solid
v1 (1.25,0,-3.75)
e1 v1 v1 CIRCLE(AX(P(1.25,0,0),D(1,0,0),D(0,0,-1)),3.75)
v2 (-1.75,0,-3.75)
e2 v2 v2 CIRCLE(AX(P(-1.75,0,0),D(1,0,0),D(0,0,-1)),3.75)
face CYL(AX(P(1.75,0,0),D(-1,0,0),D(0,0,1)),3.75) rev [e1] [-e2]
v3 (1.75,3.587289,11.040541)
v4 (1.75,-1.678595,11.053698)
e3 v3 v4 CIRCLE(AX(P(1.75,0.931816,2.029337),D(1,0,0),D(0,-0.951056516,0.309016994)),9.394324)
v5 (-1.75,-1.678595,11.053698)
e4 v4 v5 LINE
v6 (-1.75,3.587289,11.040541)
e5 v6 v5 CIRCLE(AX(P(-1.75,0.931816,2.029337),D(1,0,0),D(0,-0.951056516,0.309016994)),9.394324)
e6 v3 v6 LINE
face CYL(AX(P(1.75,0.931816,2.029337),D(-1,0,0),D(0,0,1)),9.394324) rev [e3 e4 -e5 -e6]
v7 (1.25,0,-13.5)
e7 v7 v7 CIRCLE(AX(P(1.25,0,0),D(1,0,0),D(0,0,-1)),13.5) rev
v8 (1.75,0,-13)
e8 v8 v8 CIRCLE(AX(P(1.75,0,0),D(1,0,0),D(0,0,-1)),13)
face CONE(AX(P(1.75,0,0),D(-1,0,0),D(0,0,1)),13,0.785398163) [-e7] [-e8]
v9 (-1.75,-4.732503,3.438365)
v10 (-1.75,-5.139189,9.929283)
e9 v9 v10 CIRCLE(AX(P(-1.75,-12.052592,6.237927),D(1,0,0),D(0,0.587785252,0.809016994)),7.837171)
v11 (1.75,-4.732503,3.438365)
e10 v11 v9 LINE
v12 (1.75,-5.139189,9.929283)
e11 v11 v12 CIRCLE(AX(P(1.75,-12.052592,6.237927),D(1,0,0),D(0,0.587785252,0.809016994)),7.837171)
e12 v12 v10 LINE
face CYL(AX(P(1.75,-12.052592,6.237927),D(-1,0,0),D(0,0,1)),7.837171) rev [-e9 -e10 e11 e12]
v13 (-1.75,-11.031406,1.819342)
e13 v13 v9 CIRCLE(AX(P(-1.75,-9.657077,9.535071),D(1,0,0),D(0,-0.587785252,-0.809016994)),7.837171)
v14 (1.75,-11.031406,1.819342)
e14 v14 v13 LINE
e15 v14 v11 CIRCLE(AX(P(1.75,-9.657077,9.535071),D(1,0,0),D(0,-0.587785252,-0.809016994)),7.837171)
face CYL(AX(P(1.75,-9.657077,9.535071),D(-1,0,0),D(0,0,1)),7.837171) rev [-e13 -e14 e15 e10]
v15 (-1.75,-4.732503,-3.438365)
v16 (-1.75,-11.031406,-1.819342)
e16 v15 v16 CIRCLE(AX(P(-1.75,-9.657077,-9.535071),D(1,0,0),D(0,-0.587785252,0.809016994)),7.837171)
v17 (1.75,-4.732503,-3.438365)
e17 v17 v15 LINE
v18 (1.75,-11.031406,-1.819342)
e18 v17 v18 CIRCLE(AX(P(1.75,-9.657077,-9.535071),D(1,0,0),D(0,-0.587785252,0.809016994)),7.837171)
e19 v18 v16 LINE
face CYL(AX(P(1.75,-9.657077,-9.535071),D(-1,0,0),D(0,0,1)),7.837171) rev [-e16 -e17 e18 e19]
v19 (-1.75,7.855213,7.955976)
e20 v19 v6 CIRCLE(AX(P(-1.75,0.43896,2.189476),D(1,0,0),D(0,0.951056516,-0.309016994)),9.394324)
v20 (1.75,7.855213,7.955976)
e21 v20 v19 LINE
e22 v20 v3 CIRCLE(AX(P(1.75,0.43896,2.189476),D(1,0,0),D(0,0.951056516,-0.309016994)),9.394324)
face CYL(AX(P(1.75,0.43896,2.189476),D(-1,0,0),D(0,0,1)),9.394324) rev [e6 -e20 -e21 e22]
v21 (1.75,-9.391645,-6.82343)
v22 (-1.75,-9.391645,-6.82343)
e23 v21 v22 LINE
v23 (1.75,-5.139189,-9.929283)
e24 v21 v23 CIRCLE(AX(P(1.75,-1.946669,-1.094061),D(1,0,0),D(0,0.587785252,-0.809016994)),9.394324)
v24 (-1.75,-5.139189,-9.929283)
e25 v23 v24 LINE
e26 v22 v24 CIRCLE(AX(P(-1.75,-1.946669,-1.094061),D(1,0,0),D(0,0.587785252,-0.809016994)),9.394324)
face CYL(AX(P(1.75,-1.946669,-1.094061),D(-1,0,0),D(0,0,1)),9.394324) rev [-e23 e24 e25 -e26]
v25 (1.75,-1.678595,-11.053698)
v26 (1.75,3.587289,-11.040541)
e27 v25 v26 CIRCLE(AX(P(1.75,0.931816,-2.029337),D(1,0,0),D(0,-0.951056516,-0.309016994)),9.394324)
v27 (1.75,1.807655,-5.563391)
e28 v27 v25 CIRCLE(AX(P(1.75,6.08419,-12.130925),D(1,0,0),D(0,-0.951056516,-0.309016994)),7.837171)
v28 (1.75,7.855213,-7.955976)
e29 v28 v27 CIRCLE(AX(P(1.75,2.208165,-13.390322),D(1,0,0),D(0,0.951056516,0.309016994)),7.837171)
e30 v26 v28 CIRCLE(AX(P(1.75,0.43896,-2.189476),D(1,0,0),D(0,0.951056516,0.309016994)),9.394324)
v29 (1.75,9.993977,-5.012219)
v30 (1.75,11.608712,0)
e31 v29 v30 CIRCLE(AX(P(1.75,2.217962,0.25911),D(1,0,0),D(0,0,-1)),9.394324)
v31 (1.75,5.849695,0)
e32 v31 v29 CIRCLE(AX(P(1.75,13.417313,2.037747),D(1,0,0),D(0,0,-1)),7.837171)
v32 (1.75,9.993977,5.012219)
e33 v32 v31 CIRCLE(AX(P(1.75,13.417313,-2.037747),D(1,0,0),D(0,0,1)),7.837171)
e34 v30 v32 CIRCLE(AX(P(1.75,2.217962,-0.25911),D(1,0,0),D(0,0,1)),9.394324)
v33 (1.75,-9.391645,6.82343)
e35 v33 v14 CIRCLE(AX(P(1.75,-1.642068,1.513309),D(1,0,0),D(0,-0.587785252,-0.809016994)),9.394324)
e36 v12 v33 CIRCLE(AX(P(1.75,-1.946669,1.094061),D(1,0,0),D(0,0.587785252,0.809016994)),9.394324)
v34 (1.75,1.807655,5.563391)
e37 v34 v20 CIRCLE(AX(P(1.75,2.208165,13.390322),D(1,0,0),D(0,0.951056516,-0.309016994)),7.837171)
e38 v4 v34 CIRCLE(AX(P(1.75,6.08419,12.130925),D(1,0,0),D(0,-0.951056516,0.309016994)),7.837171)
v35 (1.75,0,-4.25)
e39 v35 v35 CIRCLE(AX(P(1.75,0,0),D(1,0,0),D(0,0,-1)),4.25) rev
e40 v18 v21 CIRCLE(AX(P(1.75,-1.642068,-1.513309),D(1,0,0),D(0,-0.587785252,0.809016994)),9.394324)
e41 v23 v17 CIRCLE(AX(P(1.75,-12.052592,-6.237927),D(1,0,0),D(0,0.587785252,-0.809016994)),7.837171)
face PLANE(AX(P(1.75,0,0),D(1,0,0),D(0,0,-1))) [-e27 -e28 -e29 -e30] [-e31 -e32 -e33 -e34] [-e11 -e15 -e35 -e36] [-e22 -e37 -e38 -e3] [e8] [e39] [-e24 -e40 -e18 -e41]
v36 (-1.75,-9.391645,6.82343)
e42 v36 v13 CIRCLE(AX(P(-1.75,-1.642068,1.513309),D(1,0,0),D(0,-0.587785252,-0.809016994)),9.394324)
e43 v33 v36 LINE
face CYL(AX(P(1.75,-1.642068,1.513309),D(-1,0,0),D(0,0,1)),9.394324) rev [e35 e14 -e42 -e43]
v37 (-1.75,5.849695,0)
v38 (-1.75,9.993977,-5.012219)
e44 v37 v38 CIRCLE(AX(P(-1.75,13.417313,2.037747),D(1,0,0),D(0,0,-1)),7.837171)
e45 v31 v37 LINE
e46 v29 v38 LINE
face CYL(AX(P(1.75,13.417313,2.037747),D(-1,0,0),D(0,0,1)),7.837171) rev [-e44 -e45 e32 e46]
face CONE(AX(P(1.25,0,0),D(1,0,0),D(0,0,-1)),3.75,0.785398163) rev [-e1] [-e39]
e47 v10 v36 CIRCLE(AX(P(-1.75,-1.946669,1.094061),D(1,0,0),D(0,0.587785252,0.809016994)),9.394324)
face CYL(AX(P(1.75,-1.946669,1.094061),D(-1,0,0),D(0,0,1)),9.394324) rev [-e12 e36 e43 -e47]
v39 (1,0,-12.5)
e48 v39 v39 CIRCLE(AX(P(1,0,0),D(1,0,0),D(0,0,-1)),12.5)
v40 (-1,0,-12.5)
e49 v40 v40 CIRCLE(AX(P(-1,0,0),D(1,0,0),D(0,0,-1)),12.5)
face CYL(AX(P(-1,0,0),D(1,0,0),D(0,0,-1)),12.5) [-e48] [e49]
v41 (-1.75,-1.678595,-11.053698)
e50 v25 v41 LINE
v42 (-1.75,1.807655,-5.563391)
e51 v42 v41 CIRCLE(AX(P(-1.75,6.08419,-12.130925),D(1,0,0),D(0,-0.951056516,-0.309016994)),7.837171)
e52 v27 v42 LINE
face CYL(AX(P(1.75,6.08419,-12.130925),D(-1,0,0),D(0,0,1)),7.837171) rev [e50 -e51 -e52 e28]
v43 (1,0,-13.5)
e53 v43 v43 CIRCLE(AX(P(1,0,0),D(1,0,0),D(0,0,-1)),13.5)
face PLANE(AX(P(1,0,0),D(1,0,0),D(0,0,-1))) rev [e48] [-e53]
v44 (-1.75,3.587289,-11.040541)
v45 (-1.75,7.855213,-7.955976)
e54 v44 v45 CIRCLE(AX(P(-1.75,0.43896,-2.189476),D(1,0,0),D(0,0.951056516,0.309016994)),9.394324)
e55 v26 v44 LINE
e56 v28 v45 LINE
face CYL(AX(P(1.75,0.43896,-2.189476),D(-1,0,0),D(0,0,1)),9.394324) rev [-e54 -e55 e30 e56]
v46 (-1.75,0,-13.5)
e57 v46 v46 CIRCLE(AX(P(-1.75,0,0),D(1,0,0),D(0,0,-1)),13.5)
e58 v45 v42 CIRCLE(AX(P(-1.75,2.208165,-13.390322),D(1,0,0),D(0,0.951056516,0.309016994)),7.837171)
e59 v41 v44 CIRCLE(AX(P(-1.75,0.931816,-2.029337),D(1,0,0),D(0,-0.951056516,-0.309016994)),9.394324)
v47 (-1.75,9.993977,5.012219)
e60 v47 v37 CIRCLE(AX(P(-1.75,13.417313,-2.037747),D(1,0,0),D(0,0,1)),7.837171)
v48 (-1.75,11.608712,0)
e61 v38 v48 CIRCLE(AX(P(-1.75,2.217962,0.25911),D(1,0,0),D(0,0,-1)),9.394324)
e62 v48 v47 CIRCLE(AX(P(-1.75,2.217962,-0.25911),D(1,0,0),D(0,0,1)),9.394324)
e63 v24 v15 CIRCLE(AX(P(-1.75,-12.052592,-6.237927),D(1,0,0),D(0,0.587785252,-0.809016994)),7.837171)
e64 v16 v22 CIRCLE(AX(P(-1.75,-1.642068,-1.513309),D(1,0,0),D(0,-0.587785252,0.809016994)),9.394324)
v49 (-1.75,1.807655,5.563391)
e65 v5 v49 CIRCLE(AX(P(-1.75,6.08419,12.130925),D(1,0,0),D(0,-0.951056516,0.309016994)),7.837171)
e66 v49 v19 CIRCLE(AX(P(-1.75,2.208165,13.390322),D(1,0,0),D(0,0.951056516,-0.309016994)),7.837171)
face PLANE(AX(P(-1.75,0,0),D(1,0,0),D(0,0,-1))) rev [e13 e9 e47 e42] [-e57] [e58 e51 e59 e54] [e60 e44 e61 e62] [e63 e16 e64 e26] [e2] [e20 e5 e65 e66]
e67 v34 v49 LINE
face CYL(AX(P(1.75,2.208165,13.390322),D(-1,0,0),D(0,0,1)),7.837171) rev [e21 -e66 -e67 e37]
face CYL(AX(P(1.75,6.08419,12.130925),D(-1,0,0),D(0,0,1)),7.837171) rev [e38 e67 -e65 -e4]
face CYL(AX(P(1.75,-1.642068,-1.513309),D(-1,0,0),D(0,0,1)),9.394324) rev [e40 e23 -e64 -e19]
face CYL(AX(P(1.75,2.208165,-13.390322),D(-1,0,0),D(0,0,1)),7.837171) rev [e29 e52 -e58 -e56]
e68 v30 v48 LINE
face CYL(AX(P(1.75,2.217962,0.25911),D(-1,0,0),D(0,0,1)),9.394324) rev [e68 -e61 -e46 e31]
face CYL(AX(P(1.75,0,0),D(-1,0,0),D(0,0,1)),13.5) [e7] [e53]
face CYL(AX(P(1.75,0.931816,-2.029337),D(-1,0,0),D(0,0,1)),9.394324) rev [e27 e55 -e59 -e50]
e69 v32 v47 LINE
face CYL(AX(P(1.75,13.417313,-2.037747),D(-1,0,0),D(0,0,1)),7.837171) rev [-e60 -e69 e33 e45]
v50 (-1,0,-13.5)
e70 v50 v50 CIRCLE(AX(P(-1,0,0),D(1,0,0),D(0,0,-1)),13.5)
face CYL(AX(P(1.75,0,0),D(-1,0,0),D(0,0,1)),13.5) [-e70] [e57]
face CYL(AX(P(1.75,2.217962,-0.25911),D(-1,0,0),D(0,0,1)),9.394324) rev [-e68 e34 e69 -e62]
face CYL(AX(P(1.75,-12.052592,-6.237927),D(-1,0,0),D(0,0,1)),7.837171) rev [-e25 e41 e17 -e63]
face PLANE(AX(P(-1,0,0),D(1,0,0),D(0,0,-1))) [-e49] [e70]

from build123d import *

# Parameters (mm, degrees)
SKETCH1_R           = 13.5
SKETCH1_R_2         = 3.75
BOSS_EXTRUDE1_DEPTH = 1.75
CUT_EXTRUDE1_DEPTH  = 20.17191957
CIRPATTERN1_COUNT   = 5
CHAMFER1_SIZE       = 0.5
SKETCH4_R           = 13.5
SKETCH4_R_2         = 12.5
CUT_EXTRUDE3_DEPTH  = 1


with BuildPart() as part:
    # Sketch1 → Boss-Extrude1 (new, symmetric)
    with BuildSketch(Plane(origin=(0, 0, 0), x_dir=(0, 0, -1), z_dir=(1, 0, 0))):
        Circle(SKETCH1_R)
        Circle(SKETCH1_R_2, mode=Mode.SUBTRACT)
    extrude(amount=BOSS_EXTRUDE1_DEPTH, both=True)

    # Sketch2 → Cut-Extrude1 (cut, symmetric)
    with BuildSketch(Plane(origin=(0, 0, 0), x_dir=(0, 0, -1), z_dir=(1, 0, 0))):
        with BuildLine():
            ThreePointArc((0, 5.849695328), (-2.956289657, 7.377375059), (-5.012219469, 9.99397715))
            ThreePointArc((-5.012219469, 9.99397715), (-2.621563936, 11.159720287), (0, 11.6087119))
            ThreePointArc((0, 11.6087119), (2.621563936, 11.159720287), (5.012219469, 9.99397715))
            ThreePointArc((5.012219469, 9.99397715), (2.956289657, 7.377375059), (0, 5.849695328))
        make_face()
    cut_extrude1 = extrude(amount=CUT_EXTRUDE1_DEPTH, both=True, mode=Mode.SUBTRACT)

    # CirPattern1: Cut-Extrude1 ×5 about axis
    cirpattern1_axis = Axis((0, 0, 0), (1, 0, 0))
    for i in range(1, CIRPATTERN1_COUNT):
        add(cut_extrude1.rotate(cirpattern1_axis, i * 360 / CIRPATTERN1_COUNT), mode=Mode.SUBTRACT)

    # Chamfer1
    chamfer1_edges = [part.edges().sort_by_distance(p)[0] for p in [
        (1.75, 0, 13.5),
        (1.75, 0, 3.75),
    ]]
    chamfer(chamfer1_edges, length=CHAMFER1_SIZE)

    # Sketch4 → Cut-Extrude3 (cut, symmetric)
    with BuildSketch(Plane(origin=(0, 0, 0), x_dir=(0, 0, -1), z_dir=(1, 0, 0))):
        Circle(SKETCH4_R)
        Circle(SKETCH4_R_2, mode=Mode.SUBTRACT)
    extrude(amount=CUT_EXTRUDE3_DEPTH, both=True, mode=Mode.SUBTRACT)


solid = part.part
